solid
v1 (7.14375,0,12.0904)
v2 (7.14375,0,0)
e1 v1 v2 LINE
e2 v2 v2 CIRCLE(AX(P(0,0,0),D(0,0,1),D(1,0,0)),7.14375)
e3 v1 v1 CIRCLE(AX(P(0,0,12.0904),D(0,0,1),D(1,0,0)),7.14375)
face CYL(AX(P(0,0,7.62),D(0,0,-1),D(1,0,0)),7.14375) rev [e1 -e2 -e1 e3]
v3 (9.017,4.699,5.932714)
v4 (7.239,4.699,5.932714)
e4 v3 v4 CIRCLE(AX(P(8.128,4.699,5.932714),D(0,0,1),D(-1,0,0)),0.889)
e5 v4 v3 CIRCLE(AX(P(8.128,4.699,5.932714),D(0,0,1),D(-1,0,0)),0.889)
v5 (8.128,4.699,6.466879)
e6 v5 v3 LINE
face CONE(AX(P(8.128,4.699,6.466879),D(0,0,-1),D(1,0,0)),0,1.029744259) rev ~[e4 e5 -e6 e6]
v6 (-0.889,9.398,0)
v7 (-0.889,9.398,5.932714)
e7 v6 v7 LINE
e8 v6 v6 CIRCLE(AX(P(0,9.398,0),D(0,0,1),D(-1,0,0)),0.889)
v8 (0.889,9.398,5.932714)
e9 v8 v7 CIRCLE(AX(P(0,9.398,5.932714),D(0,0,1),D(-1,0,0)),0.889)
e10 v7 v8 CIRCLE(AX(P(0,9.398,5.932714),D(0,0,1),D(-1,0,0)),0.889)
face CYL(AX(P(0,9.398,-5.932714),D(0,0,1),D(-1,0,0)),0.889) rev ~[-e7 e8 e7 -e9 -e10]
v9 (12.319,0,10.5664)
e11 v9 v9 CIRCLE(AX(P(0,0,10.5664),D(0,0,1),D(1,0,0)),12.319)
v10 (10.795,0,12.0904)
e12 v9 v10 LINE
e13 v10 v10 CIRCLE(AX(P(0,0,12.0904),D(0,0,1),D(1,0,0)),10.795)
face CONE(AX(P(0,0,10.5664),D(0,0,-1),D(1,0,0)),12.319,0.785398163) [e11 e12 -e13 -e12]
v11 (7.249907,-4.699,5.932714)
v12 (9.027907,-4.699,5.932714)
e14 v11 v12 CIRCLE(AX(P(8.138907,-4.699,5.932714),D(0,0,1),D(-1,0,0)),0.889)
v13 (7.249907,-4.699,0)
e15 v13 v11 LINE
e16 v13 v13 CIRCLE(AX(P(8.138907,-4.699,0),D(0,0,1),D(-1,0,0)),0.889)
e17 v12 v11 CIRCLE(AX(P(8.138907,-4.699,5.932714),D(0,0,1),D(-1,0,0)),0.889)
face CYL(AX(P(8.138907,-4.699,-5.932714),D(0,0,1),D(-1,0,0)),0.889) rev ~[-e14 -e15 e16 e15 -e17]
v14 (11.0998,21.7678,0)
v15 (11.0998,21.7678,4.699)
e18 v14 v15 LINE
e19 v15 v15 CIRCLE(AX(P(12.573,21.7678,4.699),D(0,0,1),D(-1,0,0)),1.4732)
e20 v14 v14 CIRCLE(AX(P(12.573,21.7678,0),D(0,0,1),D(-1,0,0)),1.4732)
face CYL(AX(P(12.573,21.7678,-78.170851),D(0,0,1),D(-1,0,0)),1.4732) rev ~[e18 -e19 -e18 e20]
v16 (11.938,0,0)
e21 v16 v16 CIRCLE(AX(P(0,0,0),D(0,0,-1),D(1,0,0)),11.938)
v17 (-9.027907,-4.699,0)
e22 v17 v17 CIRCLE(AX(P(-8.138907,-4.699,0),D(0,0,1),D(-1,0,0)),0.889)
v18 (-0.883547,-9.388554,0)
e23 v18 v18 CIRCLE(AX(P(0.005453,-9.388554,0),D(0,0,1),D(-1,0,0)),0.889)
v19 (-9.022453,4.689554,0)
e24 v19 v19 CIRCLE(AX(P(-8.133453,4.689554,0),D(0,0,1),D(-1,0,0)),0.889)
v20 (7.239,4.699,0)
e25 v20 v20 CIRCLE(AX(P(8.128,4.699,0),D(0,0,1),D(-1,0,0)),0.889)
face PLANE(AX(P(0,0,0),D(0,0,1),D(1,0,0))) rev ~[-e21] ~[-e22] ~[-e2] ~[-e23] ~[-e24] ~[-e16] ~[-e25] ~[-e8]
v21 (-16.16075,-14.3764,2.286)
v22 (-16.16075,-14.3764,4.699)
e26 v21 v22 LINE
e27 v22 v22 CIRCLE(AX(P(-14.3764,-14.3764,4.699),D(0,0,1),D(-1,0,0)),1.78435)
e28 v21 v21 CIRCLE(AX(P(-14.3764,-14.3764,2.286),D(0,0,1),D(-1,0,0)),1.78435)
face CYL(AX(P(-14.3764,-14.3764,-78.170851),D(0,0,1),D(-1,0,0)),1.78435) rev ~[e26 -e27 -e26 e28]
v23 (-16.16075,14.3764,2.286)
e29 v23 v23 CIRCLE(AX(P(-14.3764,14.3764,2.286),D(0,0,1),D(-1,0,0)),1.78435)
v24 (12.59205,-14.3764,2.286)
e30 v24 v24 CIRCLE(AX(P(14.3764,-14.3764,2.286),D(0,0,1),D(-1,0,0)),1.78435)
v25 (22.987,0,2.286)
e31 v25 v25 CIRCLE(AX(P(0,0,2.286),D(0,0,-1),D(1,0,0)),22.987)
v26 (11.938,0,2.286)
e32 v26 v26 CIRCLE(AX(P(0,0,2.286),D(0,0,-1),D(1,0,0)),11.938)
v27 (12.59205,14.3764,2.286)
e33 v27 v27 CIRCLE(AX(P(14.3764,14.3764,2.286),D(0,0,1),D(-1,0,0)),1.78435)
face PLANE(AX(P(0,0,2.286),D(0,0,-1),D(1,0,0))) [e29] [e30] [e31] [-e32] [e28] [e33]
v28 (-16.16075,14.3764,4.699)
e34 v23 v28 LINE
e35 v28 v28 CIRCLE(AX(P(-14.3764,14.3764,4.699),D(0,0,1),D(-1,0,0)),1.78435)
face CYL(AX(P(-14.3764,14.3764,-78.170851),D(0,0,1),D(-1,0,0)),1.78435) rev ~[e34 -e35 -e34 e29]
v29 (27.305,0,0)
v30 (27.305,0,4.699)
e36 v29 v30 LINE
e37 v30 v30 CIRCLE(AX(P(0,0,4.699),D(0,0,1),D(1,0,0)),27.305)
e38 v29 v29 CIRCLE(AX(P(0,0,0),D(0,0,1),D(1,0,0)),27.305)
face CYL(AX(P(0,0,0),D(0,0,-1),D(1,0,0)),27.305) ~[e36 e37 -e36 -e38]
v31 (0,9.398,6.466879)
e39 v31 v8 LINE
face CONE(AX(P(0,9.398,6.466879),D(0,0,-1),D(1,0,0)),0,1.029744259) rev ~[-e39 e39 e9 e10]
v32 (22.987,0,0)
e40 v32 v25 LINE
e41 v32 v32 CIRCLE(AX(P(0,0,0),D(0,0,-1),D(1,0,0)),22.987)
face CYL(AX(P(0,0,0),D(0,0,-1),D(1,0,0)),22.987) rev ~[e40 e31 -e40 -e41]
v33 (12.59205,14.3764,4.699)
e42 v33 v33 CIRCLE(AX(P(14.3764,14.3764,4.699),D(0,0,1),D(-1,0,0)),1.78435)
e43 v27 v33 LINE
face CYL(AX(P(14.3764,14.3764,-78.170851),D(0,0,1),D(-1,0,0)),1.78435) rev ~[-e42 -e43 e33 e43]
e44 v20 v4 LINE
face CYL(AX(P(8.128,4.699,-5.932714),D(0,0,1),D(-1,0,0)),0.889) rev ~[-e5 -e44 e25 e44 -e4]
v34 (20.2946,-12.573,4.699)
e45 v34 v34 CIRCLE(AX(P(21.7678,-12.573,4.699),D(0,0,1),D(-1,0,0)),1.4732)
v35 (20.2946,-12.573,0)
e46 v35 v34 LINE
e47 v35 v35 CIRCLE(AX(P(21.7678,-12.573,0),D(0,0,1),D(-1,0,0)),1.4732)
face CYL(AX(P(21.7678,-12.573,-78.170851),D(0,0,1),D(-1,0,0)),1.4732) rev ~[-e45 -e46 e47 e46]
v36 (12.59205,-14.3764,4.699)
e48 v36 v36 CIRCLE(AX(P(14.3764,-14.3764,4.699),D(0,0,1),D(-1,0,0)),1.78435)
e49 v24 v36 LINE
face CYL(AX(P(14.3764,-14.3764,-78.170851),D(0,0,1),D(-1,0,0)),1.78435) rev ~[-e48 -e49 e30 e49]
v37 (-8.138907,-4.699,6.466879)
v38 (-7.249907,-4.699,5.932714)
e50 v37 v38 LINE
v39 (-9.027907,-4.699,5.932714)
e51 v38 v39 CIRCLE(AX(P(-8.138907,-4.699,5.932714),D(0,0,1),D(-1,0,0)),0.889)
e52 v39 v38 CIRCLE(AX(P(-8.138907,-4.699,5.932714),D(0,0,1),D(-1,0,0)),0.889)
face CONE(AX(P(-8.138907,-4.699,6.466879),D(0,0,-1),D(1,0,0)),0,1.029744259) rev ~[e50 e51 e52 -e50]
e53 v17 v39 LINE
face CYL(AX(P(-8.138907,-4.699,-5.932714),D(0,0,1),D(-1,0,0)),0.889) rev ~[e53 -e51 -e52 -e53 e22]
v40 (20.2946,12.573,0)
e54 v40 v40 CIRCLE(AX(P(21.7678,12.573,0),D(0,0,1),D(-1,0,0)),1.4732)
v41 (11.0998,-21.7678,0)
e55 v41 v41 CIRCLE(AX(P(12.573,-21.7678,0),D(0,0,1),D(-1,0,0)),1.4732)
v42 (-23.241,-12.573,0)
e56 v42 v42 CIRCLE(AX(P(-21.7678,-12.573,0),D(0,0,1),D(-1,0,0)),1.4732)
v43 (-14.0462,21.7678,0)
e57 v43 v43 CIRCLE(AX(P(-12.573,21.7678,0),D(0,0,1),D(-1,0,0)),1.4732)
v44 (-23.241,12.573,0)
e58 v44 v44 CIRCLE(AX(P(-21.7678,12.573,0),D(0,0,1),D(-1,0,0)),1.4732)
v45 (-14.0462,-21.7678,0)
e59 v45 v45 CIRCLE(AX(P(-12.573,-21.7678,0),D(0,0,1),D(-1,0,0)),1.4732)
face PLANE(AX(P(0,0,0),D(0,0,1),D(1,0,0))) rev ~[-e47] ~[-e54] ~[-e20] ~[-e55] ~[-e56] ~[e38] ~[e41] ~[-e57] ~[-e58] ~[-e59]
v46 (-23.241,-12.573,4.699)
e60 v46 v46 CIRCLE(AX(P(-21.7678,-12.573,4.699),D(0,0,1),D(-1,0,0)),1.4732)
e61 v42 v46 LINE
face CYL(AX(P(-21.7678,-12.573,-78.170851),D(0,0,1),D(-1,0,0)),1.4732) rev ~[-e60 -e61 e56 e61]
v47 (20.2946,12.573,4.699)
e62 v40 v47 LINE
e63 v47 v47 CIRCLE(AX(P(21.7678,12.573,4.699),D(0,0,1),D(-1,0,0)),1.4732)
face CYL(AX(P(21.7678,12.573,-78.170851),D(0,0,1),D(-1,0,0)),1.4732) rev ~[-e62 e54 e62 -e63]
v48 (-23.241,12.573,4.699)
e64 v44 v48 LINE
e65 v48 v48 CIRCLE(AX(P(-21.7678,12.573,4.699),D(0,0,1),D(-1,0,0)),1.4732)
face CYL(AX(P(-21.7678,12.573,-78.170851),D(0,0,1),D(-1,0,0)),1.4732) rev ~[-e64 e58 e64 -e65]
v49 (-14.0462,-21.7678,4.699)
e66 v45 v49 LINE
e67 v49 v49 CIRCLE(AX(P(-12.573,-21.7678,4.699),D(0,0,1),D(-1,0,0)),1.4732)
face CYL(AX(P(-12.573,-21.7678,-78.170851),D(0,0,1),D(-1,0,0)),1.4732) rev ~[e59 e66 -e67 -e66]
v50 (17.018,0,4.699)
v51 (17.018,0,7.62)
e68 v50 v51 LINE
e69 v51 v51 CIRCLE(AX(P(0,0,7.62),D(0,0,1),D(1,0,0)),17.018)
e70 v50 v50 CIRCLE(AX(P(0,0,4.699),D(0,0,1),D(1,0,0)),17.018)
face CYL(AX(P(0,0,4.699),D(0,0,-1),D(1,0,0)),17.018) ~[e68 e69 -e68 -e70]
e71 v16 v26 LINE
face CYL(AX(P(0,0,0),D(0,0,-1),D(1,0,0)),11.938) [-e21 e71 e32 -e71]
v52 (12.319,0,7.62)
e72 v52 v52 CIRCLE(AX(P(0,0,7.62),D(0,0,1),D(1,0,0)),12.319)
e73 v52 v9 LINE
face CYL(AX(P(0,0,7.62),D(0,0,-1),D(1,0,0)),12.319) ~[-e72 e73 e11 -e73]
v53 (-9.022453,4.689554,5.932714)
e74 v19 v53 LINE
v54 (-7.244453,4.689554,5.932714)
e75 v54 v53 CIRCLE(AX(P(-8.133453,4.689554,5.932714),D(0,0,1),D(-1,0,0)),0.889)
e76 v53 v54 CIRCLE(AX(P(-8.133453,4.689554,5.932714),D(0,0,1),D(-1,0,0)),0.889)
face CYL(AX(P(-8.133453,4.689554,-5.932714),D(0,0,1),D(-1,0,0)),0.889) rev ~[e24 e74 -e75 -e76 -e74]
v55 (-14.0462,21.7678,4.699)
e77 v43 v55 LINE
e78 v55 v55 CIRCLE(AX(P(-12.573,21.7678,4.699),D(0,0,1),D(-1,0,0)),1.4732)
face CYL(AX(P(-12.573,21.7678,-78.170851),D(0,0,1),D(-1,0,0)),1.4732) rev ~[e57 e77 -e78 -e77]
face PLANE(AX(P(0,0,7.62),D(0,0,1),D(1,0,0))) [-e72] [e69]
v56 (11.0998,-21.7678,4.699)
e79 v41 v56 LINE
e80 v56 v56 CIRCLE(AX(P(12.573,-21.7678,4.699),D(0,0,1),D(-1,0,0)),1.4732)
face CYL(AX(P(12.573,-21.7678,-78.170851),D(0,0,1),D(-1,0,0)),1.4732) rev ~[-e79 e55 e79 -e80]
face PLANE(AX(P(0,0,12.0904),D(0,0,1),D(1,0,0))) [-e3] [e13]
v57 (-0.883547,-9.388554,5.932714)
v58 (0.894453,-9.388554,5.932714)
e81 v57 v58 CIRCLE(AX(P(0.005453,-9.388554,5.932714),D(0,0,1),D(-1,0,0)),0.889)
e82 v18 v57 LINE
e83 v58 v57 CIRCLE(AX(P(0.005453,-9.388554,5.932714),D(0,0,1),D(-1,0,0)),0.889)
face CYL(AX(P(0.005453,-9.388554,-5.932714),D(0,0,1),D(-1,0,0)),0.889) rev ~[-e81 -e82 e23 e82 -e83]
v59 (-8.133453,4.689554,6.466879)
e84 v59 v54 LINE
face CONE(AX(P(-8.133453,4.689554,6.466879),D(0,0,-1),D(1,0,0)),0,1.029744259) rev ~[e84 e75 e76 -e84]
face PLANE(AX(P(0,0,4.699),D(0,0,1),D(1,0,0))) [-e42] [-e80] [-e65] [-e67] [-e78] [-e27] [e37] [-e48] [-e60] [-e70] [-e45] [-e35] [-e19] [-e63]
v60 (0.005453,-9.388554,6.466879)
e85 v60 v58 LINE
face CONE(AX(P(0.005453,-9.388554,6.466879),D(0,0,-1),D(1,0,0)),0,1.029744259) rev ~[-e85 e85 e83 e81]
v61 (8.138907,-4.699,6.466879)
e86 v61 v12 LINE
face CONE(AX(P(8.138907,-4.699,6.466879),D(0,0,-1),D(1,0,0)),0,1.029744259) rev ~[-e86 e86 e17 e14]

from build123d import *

# Parameters (mm, degrees)
F0_R      = 27.305
F0_R_2    = 7.14375
F1_DEPTH  = 4.699
F2_R      = 17.018
F2_R_2    = 7.14375
F3_DEPTH  = 2.921
F4_R      = 12.319
F4_R_2    = 7.14375
F5_DEPTH  = 4.4704
F6_SIZE2  = 1.524
F6_SIZE   = 1.524
F7_R      = 22.987
F7_R_2    = 11.938
F8_DEPTH  = 2.286
F10_D     = 1.778
F10_DEPTH = 5.9327142857
F10_TIP   = 0.5341650903
F11_D     = 3.5687
F12_D     = 2.9464


with BuildPart() as f1:
    # F0 (on Top) → F1 (new body)
    with BuildSketch(Plane.XY):
        Circle(F0_R)
        Circle(F0_R_2, mode=Mode.SUBTRACT)
    extrude(amount=F1_DEPTH)

    # F2 (on face) → F3 (join)
    with BuildSketch(Plane.XY.offset(4.699)):
        Circle(F2_R)
        Circle(F2_R_2, mode=Mode.SUBTRACT)
    extrude(amount=F3_DEPTH)

    # F4 (on face) → F5 (join)
    with BuildSketch(Plane.XY.offset(7.62)):
        Circle(F4_R)
        Circle(F4_R_2, mode=Mode.SUBTRACT)
    extrude(amount=F5_DEPTH)

    # F6
    f6_edges = [f1.edges().sort_by_distance(p)[0] for p in [
        (-12.319, 0, 12.0904),
    ]]
    chamfer(f6_edges, length=F6_SIZE, length2=F6_SIZE2)

    # F7 (on face) → F8 (cut)
    with BuildSketch(Plane(origin=(0, 0, 0), x_dir=(1, 0, 0), z_dir=(0, 0, -1))):
        Circle(F7_R)
        Circle(F7_R_2, mode=Mode.SUBTRACT)
    extrude(amount=-F8_DEPTH, mode=Mode.SUBTRACT)

    # F10
    with Locations(Plane(origin=(0, 0, 0), x_dir=(1, 0, 0), z_dir=(0, 0, -1))):
        with Locations((-8.1389067448, 4.699), (-8.1334533724, -4.689554482), (8.1389067448, 4.699), (0, 0), (0.0054533724, 9.388554482), (0, -9.398), (8.128, -4.699)):
            Hole(F10_D / 2, depth=F10_DEPTH)
            with Locations((0, 0, -(F10_DEPTH + F10_TIP / 2))):  # 118° drill point
                Cone(0, F10_D / 2, F10_TIP, mode=Mode.SUBTRACT)

    # F11 (through all)
    with Locations(Plane(origin=(0, 0, 0), x_dir=(1, 0, 0), z_dir=(0, 0, -1))):
        with Locations((14.3764, 14.3764), (14.3764, -14.3764), (-14.3764, -14.3764), (-14.3764, 14.3764)):
            Hole(F11_D / 2)

    # F12 (through all)
    with Locations(Plane(origin=(0, 0, 0), x_dir=(1, 0, 0), z_dir=(0, 0, -1))):
        with Locations((12.573, 21.7678), (21.7678, 12.573), (21.7678, -12.573), (12.573, -21.7678), (-12.573, -21.7678), (-21.7678, -12.573), (-21.7678, 12.573), (-12.573, 21.7678)):
            Hole(F12_D / 2)


solid = f1.part
